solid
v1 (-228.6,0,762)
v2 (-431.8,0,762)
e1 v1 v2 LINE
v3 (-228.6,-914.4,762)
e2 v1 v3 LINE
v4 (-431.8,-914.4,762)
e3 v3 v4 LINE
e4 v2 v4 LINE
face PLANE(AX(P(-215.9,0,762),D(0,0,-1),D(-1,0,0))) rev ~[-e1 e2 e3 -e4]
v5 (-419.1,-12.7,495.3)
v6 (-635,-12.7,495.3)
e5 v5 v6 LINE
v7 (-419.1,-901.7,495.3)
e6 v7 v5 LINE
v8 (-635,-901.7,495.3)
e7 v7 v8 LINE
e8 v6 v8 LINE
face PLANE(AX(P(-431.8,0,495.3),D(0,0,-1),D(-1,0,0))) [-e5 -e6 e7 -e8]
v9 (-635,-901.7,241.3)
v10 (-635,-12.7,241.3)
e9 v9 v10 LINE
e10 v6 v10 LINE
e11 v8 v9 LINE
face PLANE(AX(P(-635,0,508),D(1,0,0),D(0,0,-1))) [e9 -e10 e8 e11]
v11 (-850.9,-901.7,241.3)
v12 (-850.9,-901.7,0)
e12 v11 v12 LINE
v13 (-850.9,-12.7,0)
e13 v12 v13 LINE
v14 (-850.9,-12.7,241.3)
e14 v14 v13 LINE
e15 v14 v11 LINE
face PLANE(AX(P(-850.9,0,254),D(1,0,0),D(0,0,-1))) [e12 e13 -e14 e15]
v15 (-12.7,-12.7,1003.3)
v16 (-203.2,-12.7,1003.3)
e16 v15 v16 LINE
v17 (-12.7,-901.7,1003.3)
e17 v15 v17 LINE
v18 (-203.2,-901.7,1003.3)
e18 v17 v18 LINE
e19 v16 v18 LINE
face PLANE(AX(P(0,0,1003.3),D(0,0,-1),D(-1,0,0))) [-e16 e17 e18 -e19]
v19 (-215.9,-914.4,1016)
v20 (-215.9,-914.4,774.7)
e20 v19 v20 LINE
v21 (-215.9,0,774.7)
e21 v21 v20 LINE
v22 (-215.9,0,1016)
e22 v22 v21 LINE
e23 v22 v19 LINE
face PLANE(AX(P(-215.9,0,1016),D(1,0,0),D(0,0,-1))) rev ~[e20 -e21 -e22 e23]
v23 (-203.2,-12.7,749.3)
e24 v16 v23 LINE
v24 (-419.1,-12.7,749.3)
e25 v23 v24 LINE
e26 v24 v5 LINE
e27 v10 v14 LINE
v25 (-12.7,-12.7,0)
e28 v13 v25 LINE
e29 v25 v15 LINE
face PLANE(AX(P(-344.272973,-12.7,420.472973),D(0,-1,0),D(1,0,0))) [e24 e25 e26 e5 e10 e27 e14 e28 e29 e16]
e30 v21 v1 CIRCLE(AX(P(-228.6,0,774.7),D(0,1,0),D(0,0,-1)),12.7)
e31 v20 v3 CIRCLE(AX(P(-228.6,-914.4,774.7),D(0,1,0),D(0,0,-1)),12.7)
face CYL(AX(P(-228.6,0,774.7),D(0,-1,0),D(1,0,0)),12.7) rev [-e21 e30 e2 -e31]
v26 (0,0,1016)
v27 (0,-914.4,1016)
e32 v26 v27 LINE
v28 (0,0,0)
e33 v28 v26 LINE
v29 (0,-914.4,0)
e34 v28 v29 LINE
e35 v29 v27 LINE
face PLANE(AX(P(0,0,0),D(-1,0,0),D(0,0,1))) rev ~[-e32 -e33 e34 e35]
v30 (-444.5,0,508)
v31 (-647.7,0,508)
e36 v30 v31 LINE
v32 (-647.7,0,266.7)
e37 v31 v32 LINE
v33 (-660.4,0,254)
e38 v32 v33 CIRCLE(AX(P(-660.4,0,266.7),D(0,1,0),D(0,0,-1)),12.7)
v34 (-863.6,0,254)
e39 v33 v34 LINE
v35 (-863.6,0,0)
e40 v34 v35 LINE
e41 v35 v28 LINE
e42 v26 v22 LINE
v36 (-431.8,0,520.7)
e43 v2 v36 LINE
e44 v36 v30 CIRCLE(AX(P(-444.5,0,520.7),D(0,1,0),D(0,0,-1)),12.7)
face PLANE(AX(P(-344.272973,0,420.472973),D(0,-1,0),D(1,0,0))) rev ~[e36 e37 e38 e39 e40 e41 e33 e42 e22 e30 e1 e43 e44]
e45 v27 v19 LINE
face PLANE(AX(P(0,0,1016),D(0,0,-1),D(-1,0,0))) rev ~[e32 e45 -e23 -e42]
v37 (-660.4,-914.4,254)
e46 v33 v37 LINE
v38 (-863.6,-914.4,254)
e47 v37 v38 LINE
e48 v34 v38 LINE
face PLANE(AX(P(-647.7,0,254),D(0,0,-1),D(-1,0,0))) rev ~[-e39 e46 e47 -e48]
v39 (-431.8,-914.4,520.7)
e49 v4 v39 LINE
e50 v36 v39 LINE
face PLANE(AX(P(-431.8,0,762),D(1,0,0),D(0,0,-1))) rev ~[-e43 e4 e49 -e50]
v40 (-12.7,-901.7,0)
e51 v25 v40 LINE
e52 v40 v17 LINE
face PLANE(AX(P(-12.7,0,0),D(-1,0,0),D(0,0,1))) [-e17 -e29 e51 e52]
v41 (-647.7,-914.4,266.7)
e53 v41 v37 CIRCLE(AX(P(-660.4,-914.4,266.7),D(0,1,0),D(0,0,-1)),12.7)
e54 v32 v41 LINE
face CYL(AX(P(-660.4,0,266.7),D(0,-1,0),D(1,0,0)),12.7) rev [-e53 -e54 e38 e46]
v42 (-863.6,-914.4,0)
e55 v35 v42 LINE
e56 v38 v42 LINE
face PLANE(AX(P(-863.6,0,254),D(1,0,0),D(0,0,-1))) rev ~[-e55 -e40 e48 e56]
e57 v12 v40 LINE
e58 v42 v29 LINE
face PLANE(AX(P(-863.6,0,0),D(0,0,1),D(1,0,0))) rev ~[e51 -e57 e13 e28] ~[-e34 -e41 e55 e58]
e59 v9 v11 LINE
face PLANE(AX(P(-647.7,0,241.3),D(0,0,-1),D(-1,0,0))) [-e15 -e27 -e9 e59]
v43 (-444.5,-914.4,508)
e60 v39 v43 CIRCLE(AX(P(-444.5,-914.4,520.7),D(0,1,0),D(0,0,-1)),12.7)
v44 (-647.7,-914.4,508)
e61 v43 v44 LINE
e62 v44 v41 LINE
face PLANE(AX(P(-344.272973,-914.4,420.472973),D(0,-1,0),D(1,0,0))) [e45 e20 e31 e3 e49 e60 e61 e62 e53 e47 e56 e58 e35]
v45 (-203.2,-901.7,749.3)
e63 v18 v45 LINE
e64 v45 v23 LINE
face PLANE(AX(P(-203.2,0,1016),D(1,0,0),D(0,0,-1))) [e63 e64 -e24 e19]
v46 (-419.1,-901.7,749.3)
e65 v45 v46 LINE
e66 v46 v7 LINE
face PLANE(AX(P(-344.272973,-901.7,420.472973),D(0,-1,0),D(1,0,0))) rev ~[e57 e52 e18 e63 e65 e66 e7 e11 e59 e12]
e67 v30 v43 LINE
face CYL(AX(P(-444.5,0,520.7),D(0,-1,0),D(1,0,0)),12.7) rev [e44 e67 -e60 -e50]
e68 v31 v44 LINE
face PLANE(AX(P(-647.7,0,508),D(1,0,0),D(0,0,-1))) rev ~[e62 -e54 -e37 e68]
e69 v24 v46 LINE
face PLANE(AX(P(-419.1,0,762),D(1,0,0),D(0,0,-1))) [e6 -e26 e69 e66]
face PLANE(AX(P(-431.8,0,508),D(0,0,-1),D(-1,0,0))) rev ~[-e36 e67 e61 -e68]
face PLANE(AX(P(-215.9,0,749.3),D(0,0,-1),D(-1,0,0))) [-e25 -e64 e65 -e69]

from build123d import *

# Parameters (mm, degrees)
F1_DEPTH = 914.4
F2_T     = -12.7
F3_R     = 12.7


with BuildPart() as f1:
    # F0 (on Front) → F1 (new body)
    with BuildSketch(Plane.XZ):
        Polygon((-863.6, 0), (0, 0), (0, 1016), (-215.9, 1016), (-215.9, 762), (-431.8, 762), (-431.8, 508), (-647.7, 508), (-647.7, 254), (-863.6, 254), align=None)
    extrude(amount=F1_DEPTH)

    # F2
    f2_openings = [f1.faces().sort_by_distance(p)[0] for p in [
        (-431.8, -457.2, 0),
    ]]
    offset(amount=F2_T, openings=f2_openings, kind=Kind.INTERSECTION)

    # F3
    f3_edges = [f1.edges().sort_by_distance(p)[0] for p in [
        (-647.7, -457.2, 254),
        (-431.8, -457.2, 508),
        (-215.9, -457.2, 762),
    ]]
    fillet(f3_edges, radius=F3_R)


solid = f1.part
